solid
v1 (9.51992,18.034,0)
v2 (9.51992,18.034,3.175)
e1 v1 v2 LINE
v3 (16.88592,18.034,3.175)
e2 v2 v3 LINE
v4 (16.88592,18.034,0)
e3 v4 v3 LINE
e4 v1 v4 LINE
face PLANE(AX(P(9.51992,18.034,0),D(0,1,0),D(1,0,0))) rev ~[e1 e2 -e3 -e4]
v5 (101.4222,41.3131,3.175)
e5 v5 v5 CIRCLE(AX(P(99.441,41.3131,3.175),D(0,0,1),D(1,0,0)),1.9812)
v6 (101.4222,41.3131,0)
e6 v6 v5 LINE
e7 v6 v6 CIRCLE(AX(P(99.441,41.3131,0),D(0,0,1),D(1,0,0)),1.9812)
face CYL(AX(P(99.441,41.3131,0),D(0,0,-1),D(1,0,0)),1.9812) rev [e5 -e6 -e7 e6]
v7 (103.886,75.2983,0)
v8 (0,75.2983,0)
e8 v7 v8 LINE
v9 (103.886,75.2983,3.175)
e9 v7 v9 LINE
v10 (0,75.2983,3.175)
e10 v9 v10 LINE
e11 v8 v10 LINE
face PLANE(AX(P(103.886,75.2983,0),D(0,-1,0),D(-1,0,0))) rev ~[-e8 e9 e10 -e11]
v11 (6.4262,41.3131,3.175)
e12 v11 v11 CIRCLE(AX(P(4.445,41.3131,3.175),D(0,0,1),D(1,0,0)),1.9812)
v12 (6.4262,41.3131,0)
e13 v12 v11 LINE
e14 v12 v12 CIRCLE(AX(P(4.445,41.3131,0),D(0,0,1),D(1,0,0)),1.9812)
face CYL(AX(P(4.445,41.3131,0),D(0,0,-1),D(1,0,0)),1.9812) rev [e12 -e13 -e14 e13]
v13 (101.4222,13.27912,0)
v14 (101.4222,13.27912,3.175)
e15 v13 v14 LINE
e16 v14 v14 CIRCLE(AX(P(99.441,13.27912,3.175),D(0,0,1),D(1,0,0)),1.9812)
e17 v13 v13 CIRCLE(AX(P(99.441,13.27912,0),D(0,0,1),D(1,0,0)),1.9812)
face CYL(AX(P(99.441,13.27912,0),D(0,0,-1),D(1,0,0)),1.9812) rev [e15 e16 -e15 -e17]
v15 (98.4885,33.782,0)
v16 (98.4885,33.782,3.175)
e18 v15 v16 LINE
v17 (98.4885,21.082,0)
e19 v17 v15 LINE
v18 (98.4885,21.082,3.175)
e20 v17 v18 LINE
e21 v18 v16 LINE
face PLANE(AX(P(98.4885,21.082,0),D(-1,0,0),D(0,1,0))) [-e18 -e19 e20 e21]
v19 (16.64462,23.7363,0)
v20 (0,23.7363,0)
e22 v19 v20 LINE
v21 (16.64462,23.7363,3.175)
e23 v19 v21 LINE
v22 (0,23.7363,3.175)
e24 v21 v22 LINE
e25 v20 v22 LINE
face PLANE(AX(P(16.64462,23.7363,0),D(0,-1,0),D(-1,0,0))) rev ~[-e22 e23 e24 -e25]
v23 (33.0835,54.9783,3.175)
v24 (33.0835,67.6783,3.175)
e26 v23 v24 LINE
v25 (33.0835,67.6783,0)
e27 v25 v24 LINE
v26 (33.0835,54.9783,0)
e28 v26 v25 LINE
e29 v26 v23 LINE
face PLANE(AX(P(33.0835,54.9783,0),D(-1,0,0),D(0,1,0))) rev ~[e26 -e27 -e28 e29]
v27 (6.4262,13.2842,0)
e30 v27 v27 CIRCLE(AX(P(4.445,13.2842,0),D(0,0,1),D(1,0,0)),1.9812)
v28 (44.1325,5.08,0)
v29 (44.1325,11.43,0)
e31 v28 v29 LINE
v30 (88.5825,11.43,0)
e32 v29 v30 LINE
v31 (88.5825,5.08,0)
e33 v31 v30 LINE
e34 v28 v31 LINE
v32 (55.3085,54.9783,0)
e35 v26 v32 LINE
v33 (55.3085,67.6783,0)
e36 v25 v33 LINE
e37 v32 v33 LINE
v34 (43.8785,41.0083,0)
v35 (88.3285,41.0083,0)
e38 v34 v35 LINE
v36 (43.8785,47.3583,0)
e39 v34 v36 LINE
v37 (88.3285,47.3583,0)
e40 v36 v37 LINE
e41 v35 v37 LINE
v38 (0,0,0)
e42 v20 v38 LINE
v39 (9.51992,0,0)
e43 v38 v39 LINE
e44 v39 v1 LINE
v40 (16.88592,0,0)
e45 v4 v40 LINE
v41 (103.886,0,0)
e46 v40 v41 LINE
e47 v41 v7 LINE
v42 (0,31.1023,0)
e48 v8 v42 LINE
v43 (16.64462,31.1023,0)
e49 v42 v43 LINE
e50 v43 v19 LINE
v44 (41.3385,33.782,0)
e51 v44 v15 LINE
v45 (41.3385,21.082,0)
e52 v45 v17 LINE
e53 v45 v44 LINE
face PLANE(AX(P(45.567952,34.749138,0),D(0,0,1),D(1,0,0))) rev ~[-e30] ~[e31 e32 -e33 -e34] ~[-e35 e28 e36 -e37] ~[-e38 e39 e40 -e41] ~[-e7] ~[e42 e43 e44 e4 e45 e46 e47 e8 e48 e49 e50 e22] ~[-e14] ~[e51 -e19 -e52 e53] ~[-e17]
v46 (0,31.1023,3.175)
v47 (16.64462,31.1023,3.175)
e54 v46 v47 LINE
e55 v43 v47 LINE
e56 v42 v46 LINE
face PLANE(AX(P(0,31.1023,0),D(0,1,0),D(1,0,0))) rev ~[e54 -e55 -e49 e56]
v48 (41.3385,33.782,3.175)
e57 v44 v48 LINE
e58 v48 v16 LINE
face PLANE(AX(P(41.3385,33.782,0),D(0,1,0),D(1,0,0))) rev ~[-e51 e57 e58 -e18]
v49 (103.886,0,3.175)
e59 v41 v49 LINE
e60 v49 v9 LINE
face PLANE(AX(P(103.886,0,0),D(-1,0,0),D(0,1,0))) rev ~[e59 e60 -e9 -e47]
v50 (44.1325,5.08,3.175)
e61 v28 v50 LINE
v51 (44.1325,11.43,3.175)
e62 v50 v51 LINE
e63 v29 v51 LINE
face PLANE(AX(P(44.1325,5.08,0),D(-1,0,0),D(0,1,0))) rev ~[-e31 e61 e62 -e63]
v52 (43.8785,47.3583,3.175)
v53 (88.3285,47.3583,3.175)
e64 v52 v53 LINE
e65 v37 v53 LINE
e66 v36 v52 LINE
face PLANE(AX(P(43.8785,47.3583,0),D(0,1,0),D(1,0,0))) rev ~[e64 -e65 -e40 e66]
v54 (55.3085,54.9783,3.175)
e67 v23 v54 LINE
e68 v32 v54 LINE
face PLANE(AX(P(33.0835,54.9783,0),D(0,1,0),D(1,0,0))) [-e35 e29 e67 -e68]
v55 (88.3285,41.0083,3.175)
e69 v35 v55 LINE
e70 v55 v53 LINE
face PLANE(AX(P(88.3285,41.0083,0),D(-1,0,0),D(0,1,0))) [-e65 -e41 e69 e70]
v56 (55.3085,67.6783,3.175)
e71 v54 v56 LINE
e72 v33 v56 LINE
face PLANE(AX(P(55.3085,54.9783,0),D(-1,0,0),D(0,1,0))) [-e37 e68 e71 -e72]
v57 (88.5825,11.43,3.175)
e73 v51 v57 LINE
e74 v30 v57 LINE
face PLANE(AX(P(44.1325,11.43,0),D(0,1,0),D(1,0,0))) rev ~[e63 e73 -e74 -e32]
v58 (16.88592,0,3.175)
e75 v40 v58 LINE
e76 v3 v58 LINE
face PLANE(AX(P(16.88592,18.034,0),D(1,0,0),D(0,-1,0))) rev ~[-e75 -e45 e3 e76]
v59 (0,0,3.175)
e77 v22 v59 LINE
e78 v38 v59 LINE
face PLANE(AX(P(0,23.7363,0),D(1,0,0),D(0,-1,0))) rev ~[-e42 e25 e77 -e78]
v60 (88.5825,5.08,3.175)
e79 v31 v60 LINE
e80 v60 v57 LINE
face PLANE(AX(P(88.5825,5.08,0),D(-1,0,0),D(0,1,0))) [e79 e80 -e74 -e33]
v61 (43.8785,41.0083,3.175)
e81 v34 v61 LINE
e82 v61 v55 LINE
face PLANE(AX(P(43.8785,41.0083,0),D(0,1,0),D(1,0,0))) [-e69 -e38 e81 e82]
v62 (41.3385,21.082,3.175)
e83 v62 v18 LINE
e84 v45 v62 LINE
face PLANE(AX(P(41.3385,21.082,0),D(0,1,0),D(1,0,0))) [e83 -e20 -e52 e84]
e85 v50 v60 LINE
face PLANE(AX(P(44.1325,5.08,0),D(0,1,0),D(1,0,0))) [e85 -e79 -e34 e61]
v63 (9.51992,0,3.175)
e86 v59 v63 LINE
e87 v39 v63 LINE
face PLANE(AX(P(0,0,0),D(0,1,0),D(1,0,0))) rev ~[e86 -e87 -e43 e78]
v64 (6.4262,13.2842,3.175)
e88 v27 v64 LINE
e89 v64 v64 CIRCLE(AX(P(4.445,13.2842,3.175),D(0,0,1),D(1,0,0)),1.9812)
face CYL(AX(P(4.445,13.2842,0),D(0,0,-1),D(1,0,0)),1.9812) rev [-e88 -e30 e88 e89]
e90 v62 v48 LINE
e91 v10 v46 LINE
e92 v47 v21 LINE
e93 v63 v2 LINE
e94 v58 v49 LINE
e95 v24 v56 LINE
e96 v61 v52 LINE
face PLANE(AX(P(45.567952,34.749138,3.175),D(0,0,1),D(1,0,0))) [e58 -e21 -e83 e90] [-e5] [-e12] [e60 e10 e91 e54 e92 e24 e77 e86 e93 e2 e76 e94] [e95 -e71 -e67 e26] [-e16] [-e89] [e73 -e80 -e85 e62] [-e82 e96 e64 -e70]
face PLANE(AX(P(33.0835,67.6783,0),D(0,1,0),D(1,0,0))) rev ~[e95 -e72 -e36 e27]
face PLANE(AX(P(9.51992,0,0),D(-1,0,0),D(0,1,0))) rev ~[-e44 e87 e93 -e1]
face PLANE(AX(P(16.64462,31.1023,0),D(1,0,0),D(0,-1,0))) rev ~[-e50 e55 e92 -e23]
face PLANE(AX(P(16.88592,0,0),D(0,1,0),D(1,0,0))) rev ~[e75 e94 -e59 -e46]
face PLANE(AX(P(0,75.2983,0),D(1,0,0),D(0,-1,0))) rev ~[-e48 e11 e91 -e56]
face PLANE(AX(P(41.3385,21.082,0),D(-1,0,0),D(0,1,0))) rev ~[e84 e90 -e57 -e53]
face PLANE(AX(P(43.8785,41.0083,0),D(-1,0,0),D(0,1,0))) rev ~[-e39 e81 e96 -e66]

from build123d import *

# Parameters (mm, degrees)
F0_R     = 1.9812
F0_W     = 44.45
F0_H     = 6.35
F0_W_2   = 57.15
F0_H_2   = 12.7
F0_W_3   = 22.225
F1_DEPTH = 3.175


with BuildPart() as f1:
    # F0 (on Top) → F1 (new body)
    with BuildSketch(Plane.XY):
        Polygon((0, 23.7363), (0, 0), (9.51992, 0), (9.51992, 18.034), (16.88592, 18.034), (16.88592, 0), (103.886, 0), (103.886, 75.2983), (0, 75.2983), (0, 31.1023), (16.64462, 31.1023), (16.64462, 23.7363), align=None)
        with Locations((4.445, 13.2842)):
            Circle(F0_R, mode=Mode.SUBTRACT)
        with Locations((66.3575, 8.255)):
            Rectangle(F0_W, F0_H, mode=Mode.SUBTRACT)
        with Locations((99.441, 13.27912)):
            Circle(F0_R, mode=Mode.SUBTRACT)
        with Locations((69.9135, 27.432)):
            Rectangle(F0_W_2, F0_H_2, mode=Mode.SUBTRACT)
        with Locations((4.445, 41.3131)):
            Circle(F0_R, mode=Mode.SUBTRACT)
        with Locations((44.196, 61.3283)):
            Rectangle(F0_W_3, F0_H_2, mode=Mode.SUBTRACT)
        with Locations((66.1035, 44.1833)):
            Rectangle(F0_W, F0_H, mode=Mode.SUBTRACT)
        with Locations((99.441, 41.3131)):
            Circle(F0_R, mode=Mode.SUBTRACT)
    extrude(amount=F1_DEPTH)


solid = f1.part
